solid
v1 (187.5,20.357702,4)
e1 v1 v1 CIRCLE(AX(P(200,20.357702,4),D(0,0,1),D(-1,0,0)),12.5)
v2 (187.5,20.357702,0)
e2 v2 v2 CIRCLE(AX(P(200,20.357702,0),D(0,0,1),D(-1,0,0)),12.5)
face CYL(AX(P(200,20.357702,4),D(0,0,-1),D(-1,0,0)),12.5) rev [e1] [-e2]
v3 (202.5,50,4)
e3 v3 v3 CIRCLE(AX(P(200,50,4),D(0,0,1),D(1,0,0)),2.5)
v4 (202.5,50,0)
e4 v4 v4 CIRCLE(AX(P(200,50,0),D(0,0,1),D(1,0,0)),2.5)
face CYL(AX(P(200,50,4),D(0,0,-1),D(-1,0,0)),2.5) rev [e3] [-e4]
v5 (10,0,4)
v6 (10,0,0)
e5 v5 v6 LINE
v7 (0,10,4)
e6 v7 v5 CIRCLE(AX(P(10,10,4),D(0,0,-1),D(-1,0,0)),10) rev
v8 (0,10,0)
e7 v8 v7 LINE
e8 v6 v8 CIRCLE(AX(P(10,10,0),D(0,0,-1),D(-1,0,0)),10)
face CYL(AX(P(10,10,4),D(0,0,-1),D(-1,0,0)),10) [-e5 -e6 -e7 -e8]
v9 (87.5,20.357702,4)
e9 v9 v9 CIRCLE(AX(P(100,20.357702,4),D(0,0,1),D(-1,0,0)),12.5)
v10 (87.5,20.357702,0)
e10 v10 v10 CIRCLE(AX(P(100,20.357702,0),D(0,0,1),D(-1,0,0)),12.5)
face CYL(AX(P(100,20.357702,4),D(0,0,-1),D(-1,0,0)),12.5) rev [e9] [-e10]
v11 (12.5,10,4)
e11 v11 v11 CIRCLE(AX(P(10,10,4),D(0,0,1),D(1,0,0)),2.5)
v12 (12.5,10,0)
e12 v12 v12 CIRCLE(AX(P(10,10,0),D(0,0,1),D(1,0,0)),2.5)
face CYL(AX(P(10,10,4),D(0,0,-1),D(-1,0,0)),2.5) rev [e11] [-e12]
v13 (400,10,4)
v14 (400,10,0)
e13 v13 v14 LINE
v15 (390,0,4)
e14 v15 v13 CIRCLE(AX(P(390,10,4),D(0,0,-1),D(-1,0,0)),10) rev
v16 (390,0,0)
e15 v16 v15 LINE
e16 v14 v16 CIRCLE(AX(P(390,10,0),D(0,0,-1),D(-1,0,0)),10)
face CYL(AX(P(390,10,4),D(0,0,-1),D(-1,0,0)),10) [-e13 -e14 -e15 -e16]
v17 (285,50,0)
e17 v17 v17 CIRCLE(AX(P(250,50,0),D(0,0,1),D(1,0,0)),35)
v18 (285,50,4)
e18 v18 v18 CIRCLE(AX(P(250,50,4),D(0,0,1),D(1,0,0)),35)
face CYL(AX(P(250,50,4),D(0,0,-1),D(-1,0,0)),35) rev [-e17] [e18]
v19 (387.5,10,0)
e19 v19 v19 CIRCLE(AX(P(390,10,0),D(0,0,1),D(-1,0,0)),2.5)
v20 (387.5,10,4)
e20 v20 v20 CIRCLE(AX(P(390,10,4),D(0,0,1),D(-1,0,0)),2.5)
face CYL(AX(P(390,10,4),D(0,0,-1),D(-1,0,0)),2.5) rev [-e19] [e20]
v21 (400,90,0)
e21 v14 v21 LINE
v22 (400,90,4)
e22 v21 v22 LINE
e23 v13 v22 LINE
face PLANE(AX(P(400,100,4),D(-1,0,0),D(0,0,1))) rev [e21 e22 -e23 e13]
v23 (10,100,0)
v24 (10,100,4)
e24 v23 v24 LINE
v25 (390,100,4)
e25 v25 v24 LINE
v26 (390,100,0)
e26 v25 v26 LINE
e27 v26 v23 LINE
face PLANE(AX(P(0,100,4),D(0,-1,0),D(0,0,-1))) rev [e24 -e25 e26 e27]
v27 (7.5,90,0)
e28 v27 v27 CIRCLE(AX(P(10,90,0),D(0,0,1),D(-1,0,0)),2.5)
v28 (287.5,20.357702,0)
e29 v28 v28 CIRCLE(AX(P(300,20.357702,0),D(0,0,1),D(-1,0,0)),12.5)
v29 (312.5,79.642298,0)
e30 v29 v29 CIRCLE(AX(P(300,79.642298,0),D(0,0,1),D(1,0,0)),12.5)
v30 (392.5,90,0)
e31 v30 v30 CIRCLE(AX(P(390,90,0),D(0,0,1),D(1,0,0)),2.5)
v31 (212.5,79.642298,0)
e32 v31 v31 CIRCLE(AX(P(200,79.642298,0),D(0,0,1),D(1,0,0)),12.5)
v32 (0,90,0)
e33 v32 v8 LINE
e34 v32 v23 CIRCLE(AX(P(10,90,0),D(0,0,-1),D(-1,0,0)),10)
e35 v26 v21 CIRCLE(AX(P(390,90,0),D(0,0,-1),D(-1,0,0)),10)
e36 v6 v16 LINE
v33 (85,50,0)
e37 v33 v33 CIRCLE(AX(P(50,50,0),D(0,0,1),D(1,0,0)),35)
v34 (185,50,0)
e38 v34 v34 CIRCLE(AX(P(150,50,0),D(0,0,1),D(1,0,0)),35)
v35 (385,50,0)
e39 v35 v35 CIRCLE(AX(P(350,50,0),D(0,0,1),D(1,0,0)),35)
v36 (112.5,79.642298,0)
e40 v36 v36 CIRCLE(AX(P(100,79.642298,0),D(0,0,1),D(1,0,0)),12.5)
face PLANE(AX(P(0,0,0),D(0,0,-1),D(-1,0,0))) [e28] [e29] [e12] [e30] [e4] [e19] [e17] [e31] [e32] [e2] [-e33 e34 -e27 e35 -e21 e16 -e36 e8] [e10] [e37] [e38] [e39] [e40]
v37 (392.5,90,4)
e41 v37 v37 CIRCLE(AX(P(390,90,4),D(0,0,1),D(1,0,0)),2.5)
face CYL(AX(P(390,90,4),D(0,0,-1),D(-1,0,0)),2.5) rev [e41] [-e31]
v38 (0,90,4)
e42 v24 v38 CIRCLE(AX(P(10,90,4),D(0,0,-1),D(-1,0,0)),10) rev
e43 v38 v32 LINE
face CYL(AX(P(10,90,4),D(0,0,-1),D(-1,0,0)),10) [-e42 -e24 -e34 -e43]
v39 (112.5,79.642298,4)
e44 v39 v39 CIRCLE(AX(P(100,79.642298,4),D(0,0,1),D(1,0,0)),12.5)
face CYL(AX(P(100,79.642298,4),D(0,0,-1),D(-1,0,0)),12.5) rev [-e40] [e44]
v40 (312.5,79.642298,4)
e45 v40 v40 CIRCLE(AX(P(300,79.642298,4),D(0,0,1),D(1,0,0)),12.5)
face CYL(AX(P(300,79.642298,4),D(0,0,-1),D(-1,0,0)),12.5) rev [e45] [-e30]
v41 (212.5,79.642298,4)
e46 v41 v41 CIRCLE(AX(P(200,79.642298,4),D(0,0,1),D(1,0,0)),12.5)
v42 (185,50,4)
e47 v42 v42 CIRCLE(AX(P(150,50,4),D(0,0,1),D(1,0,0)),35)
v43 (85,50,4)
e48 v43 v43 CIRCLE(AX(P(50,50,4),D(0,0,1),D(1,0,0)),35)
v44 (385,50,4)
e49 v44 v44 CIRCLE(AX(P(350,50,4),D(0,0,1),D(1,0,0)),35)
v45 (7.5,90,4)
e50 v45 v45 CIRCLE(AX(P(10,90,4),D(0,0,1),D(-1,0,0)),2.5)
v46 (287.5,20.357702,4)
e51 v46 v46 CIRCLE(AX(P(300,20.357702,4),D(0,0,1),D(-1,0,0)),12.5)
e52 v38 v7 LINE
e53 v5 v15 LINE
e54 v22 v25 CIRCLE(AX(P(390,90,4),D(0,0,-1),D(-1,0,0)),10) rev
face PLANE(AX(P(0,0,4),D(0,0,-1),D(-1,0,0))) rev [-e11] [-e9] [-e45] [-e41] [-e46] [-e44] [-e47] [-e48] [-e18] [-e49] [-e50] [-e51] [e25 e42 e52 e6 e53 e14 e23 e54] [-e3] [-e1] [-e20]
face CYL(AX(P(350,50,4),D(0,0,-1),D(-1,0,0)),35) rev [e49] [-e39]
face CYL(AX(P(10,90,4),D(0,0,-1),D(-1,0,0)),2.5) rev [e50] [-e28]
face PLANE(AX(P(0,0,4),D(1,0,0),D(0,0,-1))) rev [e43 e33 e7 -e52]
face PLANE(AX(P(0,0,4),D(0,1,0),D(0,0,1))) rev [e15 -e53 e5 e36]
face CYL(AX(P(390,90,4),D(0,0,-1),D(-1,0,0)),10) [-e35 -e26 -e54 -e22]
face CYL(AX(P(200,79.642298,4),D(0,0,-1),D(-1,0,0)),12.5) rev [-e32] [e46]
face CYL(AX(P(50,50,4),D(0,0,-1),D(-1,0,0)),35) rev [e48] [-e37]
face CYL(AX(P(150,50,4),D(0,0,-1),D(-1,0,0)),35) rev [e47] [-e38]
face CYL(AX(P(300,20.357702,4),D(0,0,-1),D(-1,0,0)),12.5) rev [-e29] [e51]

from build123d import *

# Parameters (mm, degrees)
SKETCH1_W           = 400
SKETCH1_H           = 100
SKETCH1_R           = 35
SKETCH1_R_2         = 12.5
SKETCH1_R_3         = 2.5
BOSS_EXTRUDE1_DEPTH = 4
FILLET1_R           = 10


with BuildPart() as part:
    # Sketch1 → Boss-Extrude1 (new body)
    with BuildSketch(Plane.XY):
        with Locations((200, 50)):
            Rectangle(SKETCH1_W, SKETCH1_H)
        with Locations((50, 50)):
            Circle(SKETCH1_R, mode=Mode.SUBTRACT)
        with Locations((150, 50)):
            Circle(SKETCH1_R, mode=Mode.SUBTRACT)
        with Locations((250, 50)):
            Circle(SKETCH1_R, mode=Mode.SUBTRACT)
        with Locations((350, 50)):
            Circle(SKETCH1_R, mode=Mode.SUBTRACT)
        with Locations((100, 79.642297689)):
            Circle(SKETCH1_R_2, mode=Mode.SUBTRACT)
        with Locations(Location((100, 20.357702311, 0), (0, 0, 180))):
            Circle(SKETCH1_R_2, mode=Mode.SUBTRACT)
        with Locations(Location((200, 20.357702311, 0), (0, 0, 180))):
            Circle(SKETCH1_R_2, mode=Mode.SUBTRACT)
        with Locations((200, 79.642297689)):
            Circle(SKETCH1_R_2, mode=Mode.SUBTRACT)
        with Locations(Location((300, 20.357702311, 0), (0, 0, 180))):
            Circle(SKETCH1_R_2, mode=Mode.SUBTRACT)
        with Locations((300, 79.642297689)):
            Circle(SKETCH1_R_2, mode=Mode.SUBTRACT)
        with Locations((10, 10)):
            Circle(SKETCH1_R_3, mode=Mode.SUBTRACT)
        with Locations(Location((10, 90, 0), (0, 0, 180))):
            Circle(SKETCH1_R_3, mode=Mode.SUBTRACT)
        with Locations((390, 90)):
            Circle(SKETCH1_R_3, mode=Mode.SUBTRACT)
        with Locations(Location((390, 10, 0), (0, 0, 180))):
            Circle(SKETCH1_R_3, mode=Mode.SUBTRACT)
        with Locations((200, 50)):
            Circle(SKETCH1_R_3, mode=Mode.SUBTRACT)
    extrude(amount=BOSS_EXTRUDE1_DEPTH)

    # Fillet1
    fillet1_edges = [part.edges().sort_by_distance(p)[0] for p in [
        (0, 100, 2),
        (400, 100, 2),
        (400, 0, 2),
        (0, 0, 2),
    ]]
    fillet(fillet1_edges, radius=FILLET1_R)


solid = part.part
